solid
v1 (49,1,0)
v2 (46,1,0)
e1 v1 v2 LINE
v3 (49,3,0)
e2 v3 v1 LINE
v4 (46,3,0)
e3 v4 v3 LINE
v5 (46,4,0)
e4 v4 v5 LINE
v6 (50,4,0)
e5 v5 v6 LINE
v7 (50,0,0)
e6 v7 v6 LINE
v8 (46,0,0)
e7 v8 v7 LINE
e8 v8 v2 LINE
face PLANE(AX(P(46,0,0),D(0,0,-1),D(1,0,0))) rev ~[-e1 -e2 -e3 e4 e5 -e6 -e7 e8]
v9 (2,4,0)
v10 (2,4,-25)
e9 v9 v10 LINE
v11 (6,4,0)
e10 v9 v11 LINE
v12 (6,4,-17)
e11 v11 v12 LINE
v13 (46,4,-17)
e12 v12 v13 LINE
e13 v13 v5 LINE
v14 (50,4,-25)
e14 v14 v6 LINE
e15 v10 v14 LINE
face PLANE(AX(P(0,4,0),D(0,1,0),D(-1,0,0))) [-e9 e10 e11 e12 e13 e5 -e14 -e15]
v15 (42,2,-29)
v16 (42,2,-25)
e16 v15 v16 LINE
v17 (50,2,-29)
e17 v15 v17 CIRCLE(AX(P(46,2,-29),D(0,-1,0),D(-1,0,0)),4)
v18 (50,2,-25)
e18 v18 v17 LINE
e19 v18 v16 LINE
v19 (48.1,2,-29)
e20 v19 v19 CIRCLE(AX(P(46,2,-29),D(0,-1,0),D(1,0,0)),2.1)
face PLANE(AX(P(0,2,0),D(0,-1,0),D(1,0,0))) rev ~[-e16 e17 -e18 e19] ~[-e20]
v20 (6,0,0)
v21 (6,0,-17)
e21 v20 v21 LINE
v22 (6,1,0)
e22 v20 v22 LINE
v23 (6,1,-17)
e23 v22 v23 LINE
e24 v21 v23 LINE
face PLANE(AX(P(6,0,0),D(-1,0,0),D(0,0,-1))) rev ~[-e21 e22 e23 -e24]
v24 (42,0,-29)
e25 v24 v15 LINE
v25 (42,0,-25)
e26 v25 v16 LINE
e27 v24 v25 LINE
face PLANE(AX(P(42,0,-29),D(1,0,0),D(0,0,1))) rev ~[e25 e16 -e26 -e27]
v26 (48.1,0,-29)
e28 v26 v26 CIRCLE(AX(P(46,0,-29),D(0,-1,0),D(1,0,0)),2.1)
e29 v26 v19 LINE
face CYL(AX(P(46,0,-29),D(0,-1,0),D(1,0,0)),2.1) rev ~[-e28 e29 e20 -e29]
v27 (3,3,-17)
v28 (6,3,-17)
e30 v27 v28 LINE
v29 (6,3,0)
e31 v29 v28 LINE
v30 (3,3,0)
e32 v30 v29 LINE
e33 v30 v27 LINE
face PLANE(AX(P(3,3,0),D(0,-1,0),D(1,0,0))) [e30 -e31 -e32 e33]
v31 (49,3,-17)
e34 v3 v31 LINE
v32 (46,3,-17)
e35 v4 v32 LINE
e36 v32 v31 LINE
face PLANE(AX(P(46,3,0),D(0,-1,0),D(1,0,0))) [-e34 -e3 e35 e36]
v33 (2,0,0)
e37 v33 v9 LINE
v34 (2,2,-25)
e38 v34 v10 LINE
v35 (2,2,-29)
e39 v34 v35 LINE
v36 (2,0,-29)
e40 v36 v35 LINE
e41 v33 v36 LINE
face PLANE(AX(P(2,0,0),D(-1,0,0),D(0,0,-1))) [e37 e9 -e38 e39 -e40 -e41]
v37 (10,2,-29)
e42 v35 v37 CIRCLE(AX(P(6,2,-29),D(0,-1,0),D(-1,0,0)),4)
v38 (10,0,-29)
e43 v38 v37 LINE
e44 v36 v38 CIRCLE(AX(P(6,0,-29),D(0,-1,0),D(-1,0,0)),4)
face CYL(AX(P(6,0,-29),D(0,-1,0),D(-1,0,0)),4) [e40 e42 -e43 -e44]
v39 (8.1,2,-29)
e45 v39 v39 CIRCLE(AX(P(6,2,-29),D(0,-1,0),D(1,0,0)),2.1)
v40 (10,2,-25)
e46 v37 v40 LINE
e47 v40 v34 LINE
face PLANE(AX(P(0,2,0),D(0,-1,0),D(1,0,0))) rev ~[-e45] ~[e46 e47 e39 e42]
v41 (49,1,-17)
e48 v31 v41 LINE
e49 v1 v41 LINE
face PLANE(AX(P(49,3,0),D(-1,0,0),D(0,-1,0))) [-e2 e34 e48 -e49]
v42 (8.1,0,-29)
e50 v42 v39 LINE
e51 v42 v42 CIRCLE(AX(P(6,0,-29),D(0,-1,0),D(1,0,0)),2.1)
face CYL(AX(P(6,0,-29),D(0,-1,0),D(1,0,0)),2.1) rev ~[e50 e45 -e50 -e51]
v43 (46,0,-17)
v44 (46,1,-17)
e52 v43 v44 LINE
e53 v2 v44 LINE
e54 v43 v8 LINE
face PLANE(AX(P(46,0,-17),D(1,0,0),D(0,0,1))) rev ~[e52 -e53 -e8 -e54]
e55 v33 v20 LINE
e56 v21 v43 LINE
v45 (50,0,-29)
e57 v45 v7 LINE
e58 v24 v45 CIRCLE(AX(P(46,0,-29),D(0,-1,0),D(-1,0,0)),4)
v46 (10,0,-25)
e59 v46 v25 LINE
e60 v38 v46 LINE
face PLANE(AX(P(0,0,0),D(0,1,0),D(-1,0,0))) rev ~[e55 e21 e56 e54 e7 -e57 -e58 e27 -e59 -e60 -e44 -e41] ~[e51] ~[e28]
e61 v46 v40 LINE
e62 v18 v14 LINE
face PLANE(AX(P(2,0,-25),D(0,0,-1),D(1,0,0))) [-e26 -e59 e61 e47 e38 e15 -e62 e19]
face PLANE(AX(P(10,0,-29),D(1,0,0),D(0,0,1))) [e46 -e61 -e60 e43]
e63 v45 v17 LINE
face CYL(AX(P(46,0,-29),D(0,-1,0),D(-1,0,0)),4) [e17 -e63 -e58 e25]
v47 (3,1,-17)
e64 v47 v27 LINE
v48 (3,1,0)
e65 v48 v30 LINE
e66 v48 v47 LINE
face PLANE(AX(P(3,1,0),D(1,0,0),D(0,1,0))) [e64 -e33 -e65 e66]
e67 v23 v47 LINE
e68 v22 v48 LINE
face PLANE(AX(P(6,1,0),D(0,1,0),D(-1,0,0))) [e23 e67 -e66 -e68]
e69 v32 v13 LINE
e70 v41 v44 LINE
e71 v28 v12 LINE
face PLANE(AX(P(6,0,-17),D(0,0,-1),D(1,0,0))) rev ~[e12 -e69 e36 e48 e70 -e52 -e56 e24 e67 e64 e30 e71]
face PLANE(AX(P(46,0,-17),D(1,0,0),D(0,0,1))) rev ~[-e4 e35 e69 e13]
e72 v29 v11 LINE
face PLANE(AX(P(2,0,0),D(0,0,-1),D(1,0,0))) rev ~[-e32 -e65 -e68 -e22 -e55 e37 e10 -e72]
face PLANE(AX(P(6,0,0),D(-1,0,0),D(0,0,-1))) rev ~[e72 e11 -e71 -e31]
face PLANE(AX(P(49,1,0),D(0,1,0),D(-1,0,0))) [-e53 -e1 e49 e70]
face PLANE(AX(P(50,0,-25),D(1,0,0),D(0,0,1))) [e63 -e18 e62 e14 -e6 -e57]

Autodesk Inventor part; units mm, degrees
ref_plane "YZ Plane" through (0, 0, 0) normal (1, 0, 0) x (0, 1, 0)
ref_plane "XZ Plane" through (0, 0, 0) normal (0, 1, 0) x (-1, 0, 0)
sketch "Sketch1" plane through (0, 0, 0) normal (0, 1, 0) x (-1, 0, 0)
  line L0 (-2, -25) -> (-50, -25)
  line L1 (-50, -25) -> (-50, 0)
  line L2 (-2, 0) -> (-2, -25)
  line L3 (0, 0) -> (-2, 0)
  line L4 (-46, 0) -> (-50, 0)
  line L5 (-6, -17) -> (-46, -17)
  line L6 (-46, -17) -> (-46, 0)
  line L7 (-6, 0) -> (-6, -17)
  line L8 (-2, 0) -> (-6, 0)
  line L9 (-50, 0) -> (-46, 0)
  line L10 (-2, 0) -> (0, 0)
  dimension "d3" = 48
  dimension "d4" = 40
  dimension "d7" = 4
  dimension "d8" = 4
  dimension "d10" = 25
  dimension "d12" = 17
extrude "Extrusion1" add sketch "Sketch1" along normal blind 4
sketch "Sketch2" plane through (0, 0, 0) normal (0, -1, 0) x (1, 0, 0)
  circle A0 centre (6, -29) radius 2.1
  arc A1 (2, -29) -> (10, -29) centre (6, -29) ccw
  line L0 (50, -25) -> (2, -25) projected
  line L1 (2, -25) -> (2, 0) projected
  line L2 (2, -25) -> (2, -29)
  line L3 (10, -29) -> (10, -25)
  circle A2 centre (46, -29) radius 2.1
  arc A3 (42, -29) -> (50, -29) centre (46, -29) ccw
  line L4 (50, 0) -> (50, -25) projected
  line L5 (50, -25) -> (50, -29)
  line L6 (42, -29) -> (42, -25)
  point P0 (0, 0)
  dimension "d13" = 4.2
  dimension "d14" = 8
  dimension "d15" = 4
  dimension "d16" = 4
  dimension "d17" = 4.2
  dimension "d18" = 8
  dimension "d19" = 4
  dimension "d20" = 4
extrude "Extrusion2" add sketch "Sketch2" against normal blind 2
ref_plane "Work Plane1" through (2, 0, 0) normal (0, 0, 1) x (1, 0, 0)
sketch "Sketch3" plane through (2, 0, 0) normal (0, 0, 1) x (1, 0, 0)
  line L0 (0, 0) -> (4, 0) projected
  line L1 (4, 0) -> (4, 4) projected
  line L2 (0, 4) -> (4, 4) projected
  line L3 (0, 0) -> (0, 4) projected
  line L4 (44, 0) -> (48, 0) projected
  line L5 (48, 0) -> (48, 4) projected
  line L6 (44, 4) -> (48, 4) projected
  line L7 (44, 0) -> (44, 4) projected
  line L8 (1, 3) -> (4, 3)
  line L9 (4, 3) -> (4, 1)
  line L10 (4, 1) -> (1, 1)
  line L11 (1, 1) -> (1, 3)
  line L12 (44, 3) -> (47, 3)
  line L13 (47, 3) -> (47, 1)
  line L14 (47, 1) -> (44, 1)
  line L15 (44, 1) -> (44, 3)
  point P0 (-2, 0)
  dimension "d24" = 3
  dimension "d25" = 2
  dimension "d26" = 1
  dimension "d27" = 0
  dimension "d28" = 3
  dimension "d29" = 2
  dimension "d30" = 1
  dimension "d31" = 0
extrude "Extrusion3" cut sketch "Sketch3" against normal up to surface (17 mm away) contours L10 L11 L8 L1 | L7 L12 L13 L14
properties part number "Electronics-Wedge-small"
